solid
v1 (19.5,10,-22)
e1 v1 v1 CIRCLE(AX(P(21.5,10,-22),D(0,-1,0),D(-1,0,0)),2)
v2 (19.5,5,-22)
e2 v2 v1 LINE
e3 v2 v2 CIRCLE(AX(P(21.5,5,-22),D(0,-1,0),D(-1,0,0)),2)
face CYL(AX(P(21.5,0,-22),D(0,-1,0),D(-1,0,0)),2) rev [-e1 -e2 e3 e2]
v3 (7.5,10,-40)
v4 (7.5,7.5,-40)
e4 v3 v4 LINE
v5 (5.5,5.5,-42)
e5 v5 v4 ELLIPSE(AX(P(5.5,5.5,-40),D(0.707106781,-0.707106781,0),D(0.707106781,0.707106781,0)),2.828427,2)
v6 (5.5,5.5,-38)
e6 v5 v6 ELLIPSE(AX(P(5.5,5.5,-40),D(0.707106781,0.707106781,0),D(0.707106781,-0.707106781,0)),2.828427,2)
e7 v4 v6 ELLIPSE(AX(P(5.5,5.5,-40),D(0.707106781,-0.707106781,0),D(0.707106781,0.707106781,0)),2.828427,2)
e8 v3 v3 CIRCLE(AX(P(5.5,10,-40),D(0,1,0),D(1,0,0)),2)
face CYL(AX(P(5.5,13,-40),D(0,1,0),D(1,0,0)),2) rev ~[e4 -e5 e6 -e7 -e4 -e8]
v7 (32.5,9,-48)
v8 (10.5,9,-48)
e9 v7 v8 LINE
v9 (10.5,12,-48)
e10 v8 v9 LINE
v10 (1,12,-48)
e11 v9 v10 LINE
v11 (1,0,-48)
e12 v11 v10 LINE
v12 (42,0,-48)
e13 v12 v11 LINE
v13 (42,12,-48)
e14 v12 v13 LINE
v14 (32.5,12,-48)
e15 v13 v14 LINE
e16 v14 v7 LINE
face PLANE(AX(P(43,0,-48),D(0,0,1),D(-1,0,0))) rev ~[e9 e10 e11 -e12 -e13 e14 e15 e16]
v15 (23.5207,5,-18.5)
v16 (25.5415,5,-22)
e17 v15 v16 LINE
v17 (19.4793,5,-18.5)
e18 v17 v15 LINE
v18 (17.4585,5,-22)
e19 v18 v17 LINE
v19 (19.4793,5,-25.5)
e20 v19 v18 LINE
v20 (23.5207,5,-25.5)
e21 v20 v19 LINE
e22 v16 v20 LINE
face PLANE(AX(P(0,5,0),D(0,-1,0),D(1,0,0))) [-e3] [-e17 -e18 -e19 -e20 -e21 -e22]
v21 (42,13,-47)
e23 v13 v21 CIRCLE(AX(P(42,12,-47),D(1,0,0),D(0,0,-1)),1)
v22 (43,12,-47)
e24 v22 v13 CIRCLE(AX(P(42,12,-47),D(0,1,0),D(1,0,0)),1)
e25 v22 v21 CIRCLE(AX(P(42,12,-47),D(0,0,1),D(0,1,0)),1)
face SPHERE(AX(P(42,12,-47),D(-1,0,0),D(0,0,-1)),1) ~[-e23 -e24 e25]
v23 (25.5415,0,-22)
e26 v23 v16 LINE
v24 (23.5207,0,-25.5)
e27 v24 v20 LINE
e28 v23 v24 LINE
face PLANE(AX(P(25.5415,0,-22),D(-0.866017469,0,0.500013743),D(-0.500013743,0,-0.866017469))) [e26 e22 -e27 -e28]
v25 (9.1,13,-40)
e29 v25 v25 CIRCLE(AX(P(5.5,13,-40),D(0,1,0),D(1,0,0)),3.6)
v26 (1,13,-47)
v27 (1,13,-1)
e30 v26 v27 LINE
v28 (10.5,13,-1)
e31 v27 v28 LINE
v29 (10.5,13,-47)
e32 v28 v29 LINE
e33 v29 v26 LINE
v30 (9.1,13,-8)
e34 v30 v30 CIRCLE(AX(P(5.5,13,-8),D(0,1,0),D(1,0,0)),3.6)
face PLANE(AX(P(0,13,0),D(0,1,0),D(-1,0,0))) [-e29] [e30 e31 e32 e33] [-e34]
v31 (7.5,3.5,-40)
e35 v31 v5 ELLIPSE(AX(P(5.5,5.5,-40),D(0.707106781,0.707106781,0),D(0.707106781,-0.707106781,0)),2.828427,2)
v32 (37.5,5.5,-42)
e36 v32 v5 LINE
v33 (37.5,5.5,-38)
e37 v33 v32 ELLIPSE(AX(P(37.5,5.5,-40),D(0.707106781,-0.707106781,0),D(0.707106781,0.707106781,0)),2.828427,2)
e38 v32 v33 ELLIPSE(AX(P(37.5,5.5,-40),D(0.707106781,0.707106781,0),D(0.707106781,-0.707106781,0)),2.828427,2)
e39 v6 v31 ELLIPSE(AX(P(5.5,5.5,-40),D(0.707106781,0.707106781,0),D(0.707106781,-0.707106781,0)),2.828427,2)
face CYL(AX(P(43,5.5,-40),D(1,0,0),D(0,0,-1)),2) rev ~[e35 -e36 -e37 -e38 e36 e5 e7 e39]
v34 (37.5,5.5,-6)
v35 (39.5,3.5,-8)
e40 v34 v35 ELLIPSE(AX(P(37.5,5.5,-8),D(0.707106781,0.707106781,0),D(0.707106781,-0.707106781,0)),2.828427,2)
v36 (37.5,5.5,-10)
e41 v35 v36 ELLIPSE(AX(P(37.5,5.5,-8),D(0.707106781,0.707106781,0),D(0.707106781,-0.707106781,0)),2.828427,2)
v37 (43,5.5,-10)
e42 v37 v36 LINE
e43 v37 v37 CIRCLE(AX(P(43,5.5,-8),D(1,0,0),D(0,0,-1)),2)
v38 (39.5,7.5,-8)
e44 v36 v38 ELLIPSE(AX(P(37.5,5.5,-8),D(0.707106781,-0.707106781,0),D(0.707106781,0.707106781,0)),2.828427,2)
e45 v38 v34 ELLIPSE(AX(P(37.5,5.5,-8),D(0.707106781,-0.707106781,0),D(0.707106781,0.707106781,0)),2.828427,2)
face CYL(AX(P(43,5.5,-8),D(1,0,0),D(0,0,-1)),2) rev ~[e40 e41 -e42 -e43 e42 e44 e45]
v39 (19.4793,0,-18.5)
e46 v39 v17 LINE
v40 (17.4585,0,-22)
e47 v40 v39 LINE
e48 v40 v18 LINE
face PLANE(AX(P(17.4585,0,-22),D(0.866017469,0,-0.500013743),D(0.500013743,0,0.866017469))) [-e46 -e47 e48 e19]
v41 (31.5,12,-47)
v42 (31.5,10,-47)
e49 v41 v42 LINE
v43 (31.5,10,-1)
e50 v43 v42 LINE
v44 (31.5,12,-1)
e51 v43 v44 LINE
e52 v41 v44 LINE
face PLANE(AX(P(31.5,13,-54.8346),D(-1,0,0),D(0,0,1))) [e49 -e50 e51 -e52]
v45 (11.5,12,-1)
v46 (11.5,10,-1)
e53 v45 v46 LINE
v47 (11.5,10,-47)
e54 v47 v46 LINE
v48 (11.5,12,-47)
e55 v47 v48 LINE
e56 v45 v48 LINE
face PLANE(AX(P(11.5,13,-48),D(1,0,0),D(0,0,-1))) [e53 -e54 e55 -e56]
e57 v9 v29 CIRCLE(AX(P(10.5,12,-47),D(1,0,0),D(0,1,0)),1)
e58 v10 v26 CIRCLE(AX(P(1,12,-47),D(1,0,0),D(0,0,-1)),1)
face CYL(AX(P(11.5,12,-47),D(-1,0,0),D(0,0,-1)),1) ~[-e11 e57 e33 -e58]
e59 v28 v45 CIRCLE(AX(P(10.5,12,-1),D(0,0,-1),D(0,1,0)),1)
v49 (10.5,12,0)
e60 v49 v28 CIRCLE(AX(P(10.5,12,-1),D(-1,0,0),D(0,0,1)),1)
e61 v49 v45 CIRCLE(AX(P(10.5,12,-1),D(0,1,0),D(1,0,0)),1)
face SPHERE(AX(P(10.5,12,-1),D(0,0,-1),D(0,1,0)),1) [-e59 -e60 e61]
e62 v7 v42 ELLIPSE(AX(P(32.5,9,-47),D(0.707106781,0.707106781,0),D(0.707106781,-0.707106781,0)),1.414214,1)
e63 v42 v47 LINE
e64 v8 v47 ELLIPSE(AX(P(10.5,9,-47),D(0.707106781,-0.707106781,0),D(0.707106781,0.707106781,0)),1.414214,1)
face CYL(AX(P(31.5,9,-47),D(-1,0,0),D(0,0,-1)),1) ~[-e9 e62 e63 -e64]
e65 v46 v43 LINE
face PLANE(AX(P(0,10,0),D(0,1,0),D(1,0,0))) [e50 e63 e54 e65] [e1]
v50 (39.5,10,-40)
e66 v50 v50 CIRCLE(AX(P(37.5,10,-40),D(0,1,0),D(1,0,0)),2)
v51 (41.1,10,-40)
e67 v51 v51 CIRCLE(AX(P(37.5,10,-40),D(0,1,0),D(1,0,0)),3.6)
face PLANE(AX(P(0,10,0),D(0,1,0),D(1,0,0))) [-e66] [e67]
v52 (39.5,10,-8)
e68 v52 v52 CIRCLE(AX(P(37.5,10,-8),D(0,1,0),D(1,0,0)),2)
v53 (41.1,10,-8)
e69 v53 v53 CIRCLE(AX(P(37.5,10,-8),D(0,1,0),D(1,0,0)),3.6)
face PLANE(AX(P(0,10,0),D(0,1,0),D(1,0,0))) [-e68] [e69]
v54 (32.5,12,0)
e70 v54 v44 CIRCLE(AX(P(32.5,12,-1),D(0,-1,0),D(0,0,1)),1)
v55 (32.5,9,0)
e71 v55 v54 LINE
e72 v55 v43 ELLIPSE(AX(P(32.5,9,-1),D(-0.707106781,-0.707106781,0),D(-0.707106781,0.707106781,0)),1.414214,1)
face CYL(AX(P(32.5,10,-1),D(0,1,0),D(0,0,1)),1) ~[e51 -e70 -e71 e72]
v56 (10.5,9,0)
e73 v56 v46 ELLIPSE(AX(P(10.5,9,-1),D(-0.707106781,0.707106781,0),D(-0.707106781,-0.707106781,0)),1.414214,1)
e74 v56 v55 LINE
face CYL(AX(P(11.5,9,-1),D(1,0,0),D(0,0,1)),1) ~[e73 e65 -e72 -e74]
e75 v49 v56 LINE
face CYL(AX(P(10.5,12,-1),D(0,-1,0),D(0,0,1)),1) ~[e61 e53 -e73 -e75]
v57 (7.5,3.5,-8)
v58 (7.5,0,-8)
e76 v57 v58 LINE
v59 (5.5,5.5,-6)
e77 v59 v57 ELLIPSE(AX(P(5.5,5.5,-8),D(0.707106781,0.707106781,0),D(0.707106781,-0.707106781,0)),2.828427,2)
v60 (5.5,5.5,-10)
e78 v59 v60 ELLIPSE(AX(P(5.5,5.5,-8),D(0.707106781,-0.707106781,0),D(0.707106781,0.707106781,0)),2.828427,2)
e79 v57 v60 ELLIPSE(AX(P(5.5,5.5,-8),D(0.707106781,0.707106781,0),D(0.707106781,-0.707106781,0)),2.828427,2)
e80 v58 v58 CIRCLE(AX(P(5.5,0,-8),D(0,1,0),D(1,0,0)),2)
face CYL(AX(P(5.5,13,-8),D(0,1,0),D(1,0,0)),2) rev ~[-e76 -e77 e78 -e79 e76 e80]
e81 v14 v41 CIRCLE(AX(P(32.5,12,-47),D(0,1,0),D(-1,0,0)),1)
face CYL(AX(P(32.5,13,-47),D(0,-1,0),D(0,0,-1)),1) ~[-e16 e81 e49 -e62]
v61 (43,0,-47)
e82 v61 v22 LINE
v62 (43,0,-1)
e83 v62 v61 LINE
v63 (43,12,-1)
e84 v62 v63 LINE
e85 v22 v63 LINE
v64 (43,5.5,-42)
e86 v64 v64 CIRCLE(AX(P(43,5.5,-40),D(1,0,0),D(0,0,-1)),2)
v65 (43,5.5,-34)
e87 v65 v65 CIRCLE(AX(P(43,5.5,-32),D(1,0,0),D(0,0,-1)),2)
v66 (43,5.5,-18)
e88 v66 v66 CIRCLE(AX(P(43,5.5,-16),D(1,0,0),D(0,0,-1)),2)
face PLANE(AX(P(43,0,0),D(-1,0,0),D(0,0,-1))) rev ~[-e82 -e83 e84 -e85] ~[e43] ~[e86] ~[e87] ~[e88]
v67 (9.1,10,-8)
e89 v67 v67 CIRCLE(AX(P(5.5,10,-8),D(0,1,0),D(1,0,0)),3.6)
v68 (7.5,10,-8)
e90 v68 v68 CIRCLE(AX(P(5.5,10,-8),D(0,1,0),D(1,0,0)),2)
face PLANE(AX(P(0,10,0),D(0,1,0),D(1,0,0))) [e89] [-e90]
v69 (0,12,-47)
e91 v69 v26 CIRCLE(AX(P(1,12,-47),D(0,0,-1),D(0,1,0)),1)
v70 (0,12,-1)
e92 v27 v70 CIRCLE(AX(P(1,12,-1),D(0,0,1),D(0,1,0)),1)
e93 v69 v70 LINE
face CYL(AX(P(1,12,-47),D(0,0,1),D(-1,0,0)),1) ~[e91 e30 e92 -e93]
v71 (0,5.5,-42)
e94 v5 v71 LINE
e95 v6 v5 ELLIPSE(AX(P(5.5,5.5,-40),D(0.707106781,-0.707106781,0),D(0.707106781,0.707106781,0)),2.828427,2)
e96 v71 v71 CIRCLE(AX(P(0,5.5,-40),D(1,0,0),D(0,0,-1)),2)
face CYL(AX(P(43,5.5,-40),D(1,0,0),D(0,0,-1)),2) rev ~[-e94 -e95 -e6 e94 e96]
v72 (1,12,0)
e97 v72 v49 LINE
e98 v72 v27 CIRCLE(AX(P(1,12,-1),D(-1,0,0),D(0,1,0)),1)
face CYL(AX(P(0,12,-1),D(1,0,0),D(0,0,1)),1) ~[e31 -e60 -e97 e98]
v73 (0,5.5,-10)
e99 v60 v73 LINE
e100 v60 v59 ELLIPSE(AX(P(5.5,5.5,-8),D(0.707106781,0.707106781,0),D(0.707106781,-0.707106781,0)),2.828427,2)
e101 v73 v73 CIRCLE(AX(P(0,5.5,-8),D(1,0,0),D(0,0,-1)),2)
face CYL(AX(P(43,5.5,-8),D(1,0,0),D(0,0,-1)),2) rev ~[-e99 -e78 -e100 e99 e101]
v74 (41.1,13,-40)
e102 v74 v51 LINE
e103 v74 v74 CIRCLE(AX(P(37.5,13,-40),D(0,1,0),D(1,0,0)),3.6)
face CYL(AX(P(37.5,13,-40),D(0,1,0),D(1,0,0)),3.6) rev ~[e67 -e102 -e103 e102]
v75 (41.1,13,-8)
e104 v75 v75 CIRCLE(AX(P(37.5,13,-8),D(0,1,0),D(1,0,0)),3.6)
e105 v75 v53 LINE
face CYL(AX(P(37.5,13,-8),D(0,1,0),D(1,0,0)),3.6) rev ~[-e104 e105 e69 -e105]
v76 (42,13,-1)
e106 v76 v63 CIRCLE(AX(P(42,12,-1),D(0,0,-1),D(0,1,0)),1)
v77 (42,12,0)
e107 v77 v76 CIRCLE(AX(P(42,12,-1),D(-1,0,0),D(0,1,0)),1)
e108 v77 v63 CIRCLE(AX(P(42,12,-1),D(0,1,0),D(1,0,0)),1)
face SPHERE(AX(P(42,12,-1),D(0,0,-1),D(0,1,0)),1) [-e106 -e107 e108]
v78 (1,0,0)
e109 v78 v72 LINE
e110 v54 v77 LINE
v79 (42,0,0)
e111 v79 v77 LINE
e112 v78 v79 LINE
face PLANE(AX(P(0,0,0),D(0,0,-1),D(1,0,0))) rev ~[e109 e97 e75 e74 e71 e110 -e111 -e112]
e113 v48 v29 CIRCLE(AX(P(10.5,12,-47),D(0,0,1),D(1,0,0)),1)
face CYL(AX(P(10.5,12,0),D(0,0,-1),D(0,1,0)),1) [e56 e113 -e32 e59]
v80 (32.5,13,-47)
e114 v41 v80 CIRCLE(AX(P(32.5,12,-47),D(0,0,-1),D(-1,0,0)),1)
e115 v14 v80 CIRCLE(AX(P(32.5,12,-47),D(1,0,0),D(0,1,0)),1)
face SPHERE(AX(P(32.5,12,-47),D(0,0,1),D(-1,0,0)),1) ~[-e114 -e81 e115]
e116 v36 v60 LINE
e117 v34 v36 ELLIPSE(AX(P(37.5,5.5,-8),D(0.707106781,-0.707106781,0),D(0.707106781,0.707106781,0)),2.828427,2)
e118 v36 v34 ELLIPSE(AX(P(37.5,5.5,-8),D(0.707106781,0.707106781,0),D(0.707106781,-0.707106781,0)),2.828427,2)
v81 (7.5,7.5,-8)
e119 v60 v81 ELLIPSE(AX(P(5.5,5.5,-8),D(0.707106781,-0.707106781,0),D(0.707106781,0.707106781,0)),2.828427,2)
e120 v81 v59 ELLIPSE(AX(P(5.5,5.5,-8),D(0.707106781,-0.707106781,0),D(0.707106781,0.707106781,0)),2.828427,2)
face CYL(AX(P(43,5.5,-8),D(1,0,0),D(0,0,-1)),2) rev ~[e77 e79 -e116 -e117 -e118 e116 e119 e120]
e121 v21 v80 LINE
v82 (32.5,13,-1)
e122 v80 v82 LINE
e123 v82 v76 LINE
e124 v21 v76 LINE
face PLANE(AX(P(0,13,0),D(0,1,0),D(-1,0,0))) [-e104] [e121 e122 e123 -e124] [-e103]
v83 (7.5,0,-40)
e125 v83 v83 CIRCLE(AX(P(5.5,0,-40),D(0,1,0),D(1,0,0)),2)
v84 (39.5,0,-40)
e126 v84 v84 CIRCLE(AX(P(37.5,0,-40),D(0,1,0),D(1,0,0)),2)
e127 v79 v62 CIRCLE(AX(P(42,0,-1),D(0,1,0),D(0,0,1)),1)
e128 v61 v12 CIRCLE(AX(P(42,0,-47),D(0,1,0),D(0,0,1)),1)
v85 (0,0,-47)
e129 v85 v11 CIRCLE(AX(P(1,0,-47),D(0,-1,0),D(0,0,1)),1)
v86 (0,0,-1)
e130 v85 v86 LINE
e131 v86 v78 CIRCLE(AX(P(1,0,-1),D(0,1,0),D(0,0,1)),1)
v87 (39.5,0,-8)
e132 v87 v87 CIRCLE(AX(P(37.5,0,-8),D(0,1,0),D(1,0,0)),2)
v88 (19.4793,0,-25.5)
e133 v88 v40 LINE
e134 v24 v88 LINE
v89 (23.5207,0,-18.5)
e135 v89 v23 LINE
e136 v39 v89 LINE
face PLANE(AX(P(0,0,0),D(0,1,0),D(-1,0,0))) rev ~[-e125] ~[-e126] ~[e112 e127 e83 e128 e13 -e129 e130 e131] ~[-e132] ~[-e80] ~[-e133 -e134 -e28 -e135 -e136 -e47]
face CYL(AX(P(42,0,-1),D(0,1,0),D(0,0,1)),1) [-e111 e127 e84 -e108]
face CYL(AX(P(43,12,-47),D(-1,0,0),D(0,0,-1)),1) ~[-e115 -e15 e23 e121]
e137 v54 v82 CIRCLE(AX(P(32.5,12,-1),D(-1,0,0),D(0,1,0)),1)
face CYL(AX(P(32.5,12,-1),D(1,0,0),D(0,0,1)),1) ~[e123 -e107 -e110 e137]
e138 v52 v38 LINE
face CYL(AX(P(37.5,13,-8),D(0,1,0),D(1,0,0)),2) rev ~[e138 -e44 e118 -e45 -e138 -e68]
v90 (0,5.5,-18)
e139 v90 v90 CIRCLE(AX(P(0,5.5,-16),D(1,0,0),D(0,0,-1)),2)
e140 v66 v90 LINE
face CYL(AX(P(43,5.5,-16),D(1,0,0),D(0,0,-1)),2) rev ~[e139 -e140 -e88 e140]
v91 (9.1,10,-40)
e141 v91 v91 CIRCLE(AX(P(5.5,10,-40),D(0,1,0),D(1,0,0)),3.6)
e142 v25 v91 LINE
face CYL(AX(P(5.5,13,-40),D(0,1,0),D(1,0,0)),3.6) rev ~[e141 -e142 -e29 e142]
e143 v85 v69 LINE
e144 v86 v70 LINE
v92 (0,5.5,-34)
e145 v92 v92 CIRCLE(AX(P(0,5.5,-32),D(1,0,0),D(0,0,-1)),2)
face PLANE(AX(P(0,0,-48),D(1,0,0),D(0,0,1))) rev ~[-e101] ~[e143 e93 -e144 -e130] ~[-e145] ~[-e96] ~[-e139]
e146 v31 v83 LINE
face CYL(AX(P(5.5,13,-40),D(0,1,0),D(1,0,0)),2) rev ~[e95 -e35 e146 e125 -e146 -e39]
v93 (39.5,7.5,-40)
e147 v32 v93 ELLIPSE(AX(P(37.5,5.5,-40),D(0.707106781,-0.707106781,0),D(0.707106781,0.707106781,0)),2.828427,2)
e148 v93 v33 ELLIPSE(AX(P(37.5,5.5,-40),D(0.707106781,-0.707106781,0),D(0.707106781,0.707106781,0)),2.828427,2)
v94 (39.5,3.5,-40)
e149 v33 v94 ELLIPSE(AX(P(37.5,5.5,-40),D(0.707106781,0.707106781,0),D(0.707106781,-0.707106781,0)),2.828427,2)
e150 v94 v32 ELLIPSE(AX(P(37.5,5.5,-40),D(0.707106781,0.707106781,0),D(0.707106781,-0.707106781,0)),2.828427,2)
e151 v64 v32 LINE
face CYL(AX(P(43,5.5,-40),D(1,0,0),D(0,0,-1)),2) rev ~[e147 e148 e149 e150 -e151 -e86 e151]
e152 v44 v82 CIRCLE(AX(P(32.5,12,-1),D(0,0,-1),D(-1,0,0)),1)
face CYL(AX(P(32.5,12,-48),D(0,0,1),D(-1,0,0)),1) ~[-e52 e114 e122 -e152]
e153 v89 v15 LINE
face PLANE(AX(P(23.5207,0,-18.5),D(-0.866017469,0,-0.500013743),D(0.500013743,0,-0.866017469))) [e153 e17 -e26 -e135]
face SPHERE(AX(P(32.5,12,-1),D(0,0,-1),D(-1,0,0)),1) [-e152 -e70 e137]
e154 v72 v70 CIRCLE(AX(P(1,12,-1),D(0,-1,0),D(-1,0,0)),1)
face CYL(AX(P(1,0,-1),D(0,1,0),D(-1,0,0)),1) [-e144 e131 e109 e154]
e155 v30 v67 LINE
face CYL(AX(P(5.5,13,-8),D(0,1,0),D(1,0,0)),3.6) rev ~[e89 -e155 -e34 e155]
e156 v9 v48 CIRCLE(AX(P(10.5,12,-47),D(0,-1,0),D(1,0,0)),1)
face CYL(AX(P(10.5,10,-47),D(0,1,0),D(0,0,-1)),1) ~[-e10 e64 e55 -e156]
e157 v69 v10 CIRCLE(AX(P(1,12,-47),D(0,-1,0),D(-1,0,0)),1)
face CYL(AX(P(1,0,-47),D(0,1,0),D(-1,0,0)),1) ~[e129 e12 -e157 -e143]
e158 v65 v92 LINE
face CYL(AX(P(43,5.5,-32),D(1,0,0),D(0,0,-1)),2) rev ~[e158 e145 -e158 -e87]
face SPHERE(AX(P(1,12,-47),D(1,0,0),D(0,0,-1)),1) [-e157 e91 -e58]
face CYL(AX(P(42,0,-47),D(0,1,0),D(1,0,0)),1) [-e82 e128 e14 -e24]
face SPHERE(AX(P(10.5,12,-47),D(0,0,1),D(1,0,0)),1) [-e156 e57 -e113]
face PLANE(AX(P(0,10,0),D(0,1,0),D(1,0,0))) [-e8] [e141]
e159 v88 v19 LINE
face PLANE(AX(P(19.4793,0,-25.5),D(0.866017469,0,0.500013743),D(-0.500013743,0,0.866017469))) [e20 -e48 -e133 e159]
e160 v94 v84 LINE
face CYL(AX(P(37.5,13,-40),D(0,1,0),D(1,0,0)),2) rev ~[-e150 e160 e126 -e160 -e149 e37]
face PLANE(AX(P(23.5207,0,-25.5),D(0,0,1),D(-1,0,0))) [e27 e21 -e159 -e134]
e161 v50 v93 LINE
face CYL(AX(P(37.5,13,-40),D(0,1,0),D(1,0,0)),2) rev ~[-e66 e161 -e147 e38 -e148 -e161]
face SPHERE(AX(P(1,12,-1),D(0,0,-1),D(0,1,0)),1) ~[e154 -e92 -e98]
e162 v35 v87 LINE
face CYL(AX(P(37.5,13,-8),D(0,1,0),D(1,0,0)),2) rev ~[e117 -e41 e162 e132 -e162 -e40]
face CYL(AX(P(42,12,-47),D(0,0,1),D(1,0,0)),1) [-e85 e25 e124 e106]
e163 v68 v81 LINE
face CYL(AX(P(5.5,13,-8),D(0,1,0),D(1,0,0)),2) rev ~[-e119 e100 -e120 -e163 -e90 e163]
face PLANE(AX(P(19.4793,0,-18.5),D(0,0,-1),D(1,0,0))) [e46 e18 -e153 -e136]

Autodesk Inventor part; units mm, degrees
ref_plane "YZ Plane" through (0, 0, 0) normal (1, 0, 0) x (0, 1, 0)
ref_plane "XZ Plane" through (0, 0, 0) normal (0, 1, 0) x (-1, 0, 0)
ref_plane "XY Plane" through (0, 0, 0) normal (0, 0, 1) x (1, 0, 0)
sketch "Sketch1" plane through (0, 0, 0) normal (0, 1, 0) x (-1, 0, 0)
  line L0 (0, 0) -> (-43, 0)
  line L1 (-43, 0) -> (-43, -48)
  line L2 (-43, -48) -> (0, -48)
  line L3 (0, -48) -> (0, 0)
  circle A0 centre (-21.5, -22) radius 2
  point P0 (-43, -24)
  point P1 (-21.5, -48)
  dimension "d0" = 43
  dimension "d1" = 48
  dimension "d2" = 4
  dimension "d23" = 22
extrude "Extrusion1" add sketch "Sketch1" along normal blind 13
sketch "Sketch2" plane through (0, 13, 0) normal (0, 1, 0) x (1, 0, 0)
  line L0 (11.5, 54.8346) -> (31.5, 54.8346)
  line L1 (31.5, 54.8346) -> (31.5, -5.4848)
  line L2 (31.5, -5.4848) -> (11.5, -5.4848)
  line L3 (11.5, -5.4848) -> (11.5, 54.8346)
  line L4 (43, 48) -> (0, 48) projected
  point P0 (0, 0)
  point P1 (21.5, 54.8346)
  point P2 (21.5, 48)
  dimension "d5" = 20
extrude "Extrusion2" cut sketch "Sketch2" against normal blind 3
sketch "Sketch3" plane through (0, 0, 0) normal (0, -1, 0) x (1, 0, 0)
  line L0 (23.5207, -18.5) -> (25.5415, -22)
  line L1 (25.5415, -22) -> (23.5207, -25.5)
  line L2 (23.5207, -25.5) -> (19.4793, -25.5)
  line L3 (19.4793, -25.5) -> (17.4585, -22)
  line L4 (17.4585, -22) -> (19.4793, -18.5)
  line L5 (19.4793, -18.5) -> (23.5207, -18.5)
  line L6 (43, -48) -> (0, -48) projected
  line L7 (0, -48) -> (0, 0) projected
  line L8 (0, 0) -> (43, 0) projected
  point P0 (21.5, -22)
  point P1 (21.5, -25.5)
  point P2 (21.5, -48)
  point P3 (0, -24)
  dimension "d8" = 7
  dimension "d24" = 22
extrude "Extrusion3" cut sketch "Sketch3" against normal blind 5
sketch "Sketch4" plane through (43, 0, 0) normal (1, 0, 0) x (0, 0, -1)
  circle A0 centre (24, 5.5) radius 2
  circle A1 centre (32, 5.5) radius 2
  circle A2 centre (16, 5.5) radius 2
  circle A3 centre (40, 5.5) radius 2
  circle A4 centre (8, 5.5) radius 2
  line L0 (0, 0) -> (48, 0) projected
  line L1 (0, 13) -> (48, 13) projected
  point P0 (24, 13)
  dimension "d11" = 4
  dimension "d12" = 4
  dimension "d13" = 4
  dimension "d14" = 4
  dimension "d15" = 4
  dimension "d16" = 8
  dimension "d17" = 8
  dimension "d18" = 8
  dimension "d19" = 8
  dimension "d20" = 5.5
extrude "Extrusion4" cut sketch "Sketch4" against normal through all contours A1 | A2 | A3 | A4
fillet "Fillet1" radius 1 7 edges at (11.5, 13, -24) (31.5, 13, -24) (11.5, 11.5, -48) (31.5, 11.5, -48) (37.25, 13, -48) (5.75, 13, -48) (21.5, 10, -48)
fillet "Fillet2" radius 1 15 edges at (43, 12.7071, -47.7071) (43, 6, -48) (43, 13, -23.5) (0, 12.7071, -47.7071) (0, 6, -48) (0, 13, -23.5) (11.2071, 12.7071, 0) (11.5, 11, 0) (5.25, 13, 0) (31.7929, 12.7071, 0) (31.5, 11, 0) (37.75, 13, 0) (0, 6.5, 0) (43, 6.5, 0) (21.5, 10, 0)
sketch "Sketch5" plane through (0, 13, 0) normal (0, 1, 0) x (1, 0, 0)
  circle A0 centre (5.5, 40) radius 2
  circle A1 centre (5.5, 8) radius 2
  line L0 (0, 47) -> (0, 1) projected
  line L1 (10.5, 48) -> (1, 48) projected
  circle A2 centre (37.5, 40) radius 2
  circle A3 centre (37.5, 8) radius 2
  line L2 (43, 1) -> (43, 47) projected
  point P0 (0, 0)
  dimension "d27" = 4
  dimension "d28" = 4
  dimension "d29" = 5.5
  dimension "d30" = 8
  dimension "d31" = 32
  dimension "d32" = 4
  dimension "d33" = 4
  dimension "d34" = 5.5
extrude "Extrusion5" cut sketch "Sketch5" against normal through all
sketch "Sketch6" plane through (0, 13, 0) normal (0, 1, 0) x (1, 0, 0)
  circle A0 centre (5.5, 40) radius 3.6
  circle A1 centre (5.5, 8) radius 3.6
  circle A2 centre (37.5, 40) radius 3.6
  circle A3 centre (37.5, 8) radius 3.6
  circle A4 centre (37.5, 40) radius 2 projected
  circle A5 centre (37.5, 8) radius 2 projected
  circle A6 centre (5.5, 8) radius 2 projected
  circle A7 centre (5.5, 40) radius 2 projected
  point P0 (0, 0)
  dimension "d37" = 7.2
  dimension "d38" = 7.2
  dimension "d39" = 7.2
  dimension "d40" = 7.2
extrude "Extrusion6" cut sketch "Sketch6" against normal blind 3
properties part number "slidescentermount"
